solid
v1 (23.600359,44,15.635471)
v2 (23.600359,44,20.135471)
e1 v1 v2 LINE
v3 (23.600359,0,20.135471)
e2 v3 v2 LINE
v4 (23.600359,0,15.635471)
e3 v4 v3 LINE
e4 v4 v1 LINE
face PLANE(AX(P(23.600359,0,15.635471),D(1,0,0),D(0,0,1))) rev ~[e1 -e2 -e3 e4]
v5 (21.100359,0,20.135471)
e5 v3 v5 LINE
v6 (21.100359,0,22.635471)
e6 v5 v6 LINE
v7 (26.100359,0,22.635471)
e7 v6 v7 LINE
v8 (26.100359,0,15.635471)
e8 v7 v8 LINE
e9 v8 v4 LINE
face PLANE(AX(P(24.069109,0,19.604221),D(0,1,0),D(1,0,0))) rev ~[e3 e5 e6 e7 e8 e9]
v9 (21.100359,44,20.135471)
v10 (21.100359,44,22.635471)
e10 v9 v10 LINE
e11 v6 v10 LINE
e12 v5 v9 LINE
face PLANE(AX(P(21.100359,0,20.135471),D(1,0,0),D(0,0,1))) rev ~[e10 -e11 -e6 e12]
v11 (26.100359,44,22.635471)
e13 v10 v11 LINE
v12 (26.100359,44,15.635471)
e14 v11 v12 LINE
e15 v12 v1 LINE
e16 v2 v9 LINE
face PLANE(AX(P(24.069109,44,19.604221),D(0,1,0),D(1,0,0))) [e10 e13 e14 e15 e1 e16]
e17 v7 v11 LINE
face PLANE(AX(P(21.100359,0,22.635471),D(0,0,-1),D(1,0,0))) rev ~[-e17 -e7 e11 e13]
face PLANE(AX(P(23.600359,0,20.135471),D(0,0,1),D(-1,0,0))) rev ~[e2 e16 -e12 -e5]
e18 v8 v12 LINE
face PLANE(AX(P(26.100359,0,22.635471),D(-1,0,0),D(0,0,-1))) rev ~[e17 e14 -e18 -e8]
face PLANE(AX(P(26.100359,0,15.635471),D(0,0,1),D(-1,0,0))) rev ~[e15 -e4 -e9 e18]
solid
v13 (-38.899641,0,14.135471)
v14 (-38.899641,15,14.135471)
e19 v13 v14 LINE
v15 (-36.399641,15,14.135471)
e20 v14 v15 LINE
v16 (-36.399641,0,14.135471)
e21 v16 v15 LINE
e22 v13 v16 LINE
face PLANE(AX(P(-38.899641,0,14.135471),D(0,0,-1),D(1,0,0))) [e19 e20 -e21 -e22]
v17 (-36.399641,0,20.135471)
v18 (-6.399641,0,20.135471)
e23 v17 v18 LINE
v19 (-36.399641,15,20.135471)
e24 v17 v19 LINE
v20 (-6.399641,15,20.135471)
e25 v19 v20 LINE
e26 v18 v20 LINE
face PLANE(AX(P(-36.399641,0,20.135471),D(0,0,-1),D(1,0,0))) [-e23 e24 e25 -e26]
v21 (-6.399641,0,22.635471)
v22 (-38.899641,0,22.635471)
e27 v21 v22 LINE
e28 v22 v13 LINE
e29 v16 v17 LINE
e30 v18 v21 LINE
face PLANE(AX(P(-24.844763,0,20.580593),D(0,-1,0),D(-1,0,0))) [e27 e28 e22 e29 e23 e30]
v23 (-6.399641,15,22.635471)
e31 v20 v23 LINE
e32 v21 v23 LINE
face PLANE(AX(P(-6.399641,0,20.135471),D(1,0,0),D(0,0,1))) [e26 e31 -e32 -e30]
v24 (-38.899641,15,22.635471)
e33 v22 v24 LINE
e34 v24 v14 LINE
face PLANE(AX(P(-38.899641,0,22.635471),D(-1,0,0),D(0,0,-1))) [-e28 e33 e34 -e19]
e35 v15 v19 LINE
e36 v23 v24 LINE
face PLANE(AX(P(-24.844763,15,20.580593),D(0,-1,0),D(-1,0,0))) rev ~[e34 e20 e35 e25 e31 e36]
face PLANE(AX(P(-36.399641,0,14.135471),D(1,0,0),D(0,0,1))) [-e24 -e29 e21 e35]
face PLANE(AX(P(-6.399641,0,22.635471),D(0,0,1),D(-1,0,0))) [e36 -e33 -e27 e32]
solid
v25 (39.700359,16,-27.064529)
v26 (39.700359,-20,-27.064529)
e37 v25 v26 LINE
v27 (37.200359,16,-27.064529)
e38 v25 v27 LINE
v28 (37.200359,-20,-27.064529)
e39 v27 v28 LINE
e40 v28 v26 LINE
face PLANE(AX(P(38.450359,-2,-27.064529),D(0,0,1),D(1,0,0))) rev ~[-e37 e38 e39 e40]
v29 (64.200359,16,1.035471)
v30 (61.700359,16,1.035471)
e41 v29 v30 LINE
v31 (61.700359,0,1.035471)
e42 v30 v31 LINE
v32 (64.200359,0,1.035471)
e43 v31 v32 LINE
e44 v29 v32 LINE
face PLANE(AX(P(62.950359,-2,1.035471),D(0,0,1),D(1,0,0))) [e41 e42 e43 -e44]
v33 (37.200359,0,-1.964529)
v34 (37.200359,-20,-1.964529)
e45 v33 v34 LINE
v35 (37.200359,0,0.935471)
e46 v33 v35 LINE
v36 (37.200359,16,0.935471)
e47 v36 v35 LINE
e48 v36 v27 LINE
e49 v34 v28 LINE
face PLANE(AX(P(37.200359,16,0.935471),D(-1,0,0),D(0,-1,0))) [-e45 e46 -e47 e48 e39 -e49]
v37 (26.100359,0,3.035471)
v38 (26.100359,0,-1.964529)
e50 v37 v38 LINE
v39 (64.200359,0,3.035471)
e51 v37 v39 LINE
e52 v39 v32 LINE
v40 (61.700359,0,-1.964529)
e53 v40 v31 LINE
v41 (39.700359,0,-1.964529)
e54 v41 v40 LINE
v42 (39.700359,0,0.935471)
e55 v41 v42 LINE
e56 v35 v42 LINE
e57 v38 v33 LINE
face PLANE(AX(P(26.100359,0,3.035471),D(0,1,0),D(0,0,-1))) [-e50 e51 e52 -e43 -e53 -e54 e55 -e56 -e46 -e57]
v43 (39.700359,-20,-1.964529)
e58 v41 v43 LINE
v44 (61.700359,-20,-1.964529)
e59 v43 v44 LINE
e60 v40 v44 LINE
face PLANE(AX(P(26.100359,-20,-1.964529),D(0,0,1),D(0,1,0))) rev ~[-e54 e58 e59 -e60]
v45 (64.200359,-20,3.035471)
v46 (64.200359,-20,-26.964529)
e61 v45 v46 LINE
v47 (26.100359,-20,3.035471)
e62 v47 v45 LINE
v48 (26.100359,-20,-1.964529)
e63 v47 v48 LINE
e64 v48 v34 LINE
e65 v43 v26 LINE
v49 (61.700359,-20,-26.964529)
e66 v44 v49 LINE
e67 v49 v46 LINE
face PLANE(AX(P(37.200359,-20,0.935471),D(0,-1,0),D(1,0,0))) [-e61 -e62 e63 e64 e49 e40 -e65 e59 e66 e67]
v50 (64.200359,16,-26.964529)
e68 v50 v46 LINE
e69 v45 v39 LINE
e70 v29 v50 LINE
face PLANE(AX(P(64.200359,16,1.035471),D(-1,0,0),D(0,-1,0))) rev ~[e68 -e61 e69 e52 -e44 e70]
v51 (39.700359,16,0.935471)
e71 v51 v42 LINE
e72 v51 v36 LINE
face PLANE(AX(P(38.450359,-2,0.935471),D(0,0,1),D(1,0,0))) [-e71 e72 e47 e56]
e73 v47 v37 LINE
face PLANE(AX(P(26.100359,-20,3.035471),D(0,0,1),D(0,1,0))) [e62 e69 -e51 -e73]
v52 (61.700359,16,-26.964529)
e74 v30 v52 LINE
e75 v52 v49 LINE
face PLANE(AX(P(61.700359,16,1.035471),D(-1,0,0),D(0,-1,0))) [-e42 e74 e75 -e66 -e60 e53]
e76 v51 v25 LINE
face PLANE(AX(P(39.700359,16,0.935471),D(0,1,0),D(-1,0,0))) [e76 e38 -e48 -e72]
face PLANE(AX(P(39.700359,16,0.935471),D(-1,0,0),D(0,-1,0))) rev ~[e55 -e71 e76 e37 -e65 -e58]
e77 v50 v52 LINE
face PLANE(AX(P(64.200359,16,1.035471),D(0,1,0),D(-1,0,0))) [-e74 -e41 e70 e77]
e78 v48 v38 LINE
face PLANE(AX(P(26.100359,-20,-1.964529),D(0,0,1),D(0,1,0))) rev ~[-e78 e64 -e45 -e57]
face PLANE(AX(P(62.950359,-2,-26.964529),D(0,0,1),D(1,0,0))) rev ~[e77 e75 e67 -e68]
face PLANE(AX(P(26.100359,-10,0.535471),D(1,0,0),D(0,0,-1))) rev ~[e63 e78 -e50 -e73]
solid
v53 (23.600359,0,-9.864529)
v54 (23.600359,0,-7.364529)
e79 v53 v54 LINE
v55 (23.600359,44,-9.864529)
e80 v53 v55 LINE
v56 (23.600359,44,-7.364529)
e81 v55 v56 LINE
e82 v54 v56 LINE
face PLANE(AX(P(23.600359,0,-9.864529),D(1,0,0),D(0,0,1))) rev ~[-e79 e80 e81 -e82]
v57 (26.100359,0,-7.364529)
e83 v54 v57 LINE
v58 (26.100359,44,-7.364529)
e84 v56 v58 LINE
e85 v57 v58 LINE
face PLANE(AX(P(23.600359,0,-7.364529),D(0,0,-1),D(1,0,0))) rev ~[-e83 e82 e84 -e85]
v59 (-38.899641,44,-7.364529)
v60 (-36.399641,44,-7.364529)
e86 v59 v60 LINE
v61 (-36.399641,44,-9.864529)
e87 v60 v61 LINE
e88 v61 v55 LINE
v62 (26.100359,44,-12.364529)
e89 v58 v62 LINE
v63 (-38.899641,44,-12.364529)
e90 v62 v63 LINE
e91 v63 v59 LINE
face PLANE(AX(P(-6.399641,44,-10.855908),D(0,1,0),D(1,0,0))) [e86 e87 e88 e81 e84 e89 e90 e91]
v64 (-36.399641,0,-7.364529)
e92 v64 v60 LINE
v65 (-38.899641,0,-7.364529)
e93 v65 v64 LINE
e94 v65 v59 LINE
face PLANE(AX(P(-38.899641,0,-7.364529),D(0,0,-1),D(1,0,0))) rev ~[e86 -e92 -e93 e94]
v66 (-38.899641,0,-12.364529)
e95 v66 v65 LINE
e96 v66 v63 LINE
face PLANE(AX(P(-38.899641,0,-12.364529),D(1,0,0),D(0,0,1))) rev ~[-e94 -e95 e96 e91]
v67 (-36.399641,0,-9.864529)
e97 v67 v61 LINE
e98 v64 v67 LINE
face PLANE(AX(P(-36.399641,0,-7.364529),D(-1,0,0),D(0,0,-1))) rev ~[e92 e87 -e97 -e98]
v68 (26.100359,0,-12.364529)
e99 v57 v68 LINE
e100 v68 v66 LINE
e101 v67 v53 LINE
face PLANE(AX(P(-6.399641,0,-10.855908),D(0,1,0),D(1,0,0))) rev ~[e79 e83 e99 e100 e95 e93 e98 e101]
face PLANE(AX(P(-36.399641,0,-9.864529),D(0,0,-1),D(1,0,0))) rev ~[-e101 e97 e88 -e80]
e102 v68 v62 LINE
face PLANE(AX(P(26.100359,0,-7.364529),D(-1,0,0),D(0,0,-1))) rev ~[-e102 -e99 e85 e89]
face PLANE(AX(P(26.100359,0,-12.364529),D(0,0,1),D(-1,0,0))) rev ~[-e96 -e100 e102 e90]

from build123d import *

# Parameters (mm, degrees)
BOSS_EXTRUDE2_DEPTH      = 44
BOSS_EXTRUDE2_2_DEPTH    = 44
BOSS_EXTRUDE3_DEPTH      = 15
SKETCH17_W               = 5
SKETCH17_H               = 20
BOSS_EXTRUDE4_DEPTH      = 38.1
BOSS_EXTRUDE5_DEPTH      = 25
BOSS_EXTRUDE5_DEPTH_BACK = 3
BOSS_EXTRUDE6_DEPTH      = 25.1
BOSS_EXTRUDE6_DEPTH_BACK = 2.9


with BuildPart() as part:
    # Sketch11 → Boss-Extrude2 (new body)
    with BuildSketch(Plane(origin=(0, 0, 0), x_dir=(1, 0, 0), z_dir=(0, 1, 0))):
        Polygon((-38.899641352, 12.364528858), (-38.899641352, 7.364528858), (-36.399641352, 7.364528858), (-36.399641352, 9.864528858), (23.600358648, 9.864528858), (23.600358648, 7.364528858), (26.100358648, 7.364528858), (26.100358648, 12.364528858), align=None)
    extrude(amount=BOSS_EXTRUDE2_DEPTH)


with BuildPart() as body_2:
    # Sketch11 → Boss-Extrude2 2 (new body)
    with BuildSketch(Plane(origin=(0, 0, 0), x_dir=(1, 0, 0), z_dir=(0, 1, 0))):
        Polygon((26.100358648, -22.635471142), (26.100358648, -15.635471142), (23.600358648, -15.635471142), (23.600358648, -20.135471142), (21.100358648, -20.135471142), (21.100358648, -22.635471142), align=None)
    extrude(amount=BOSS_EXTRUDE2_2_DEPTH)


with BuildPart() as body_3:
    # Sketch13 → Boss-Extrude3 (new body)
    with BuildSketch(Plane(origin=(0, 0, 0), x_dir=(1, 0, 0), z_dir=(0, 1, 0))):
        Polygon((-38.899641352, -14.135471142), (-36.399641352, -14.135471142), (-36.399641352, -20.135471142), (-6.399641352, -20.135471142), (-6.399641352, -22.635471142), (-38.899641352, -22.635471142), align=None)
    extrude(amount=BOSS_EXTRUDE3_DEPTH)


with BuildPart() as body_4:
    # Sketch17 → Boss-Extrude4 (new body)
    with BuildSketch(Plane(origin=(26.100358648, 0, 0), x_dir=(0, 0, -1), z_dir=(1, 0, 0))):
        with Locations((-0.535471142, -10)):
            Rectangle(SKETCH17_W, SKETCH17_H)
    extrude(amount=BOSS_EXTRUDE4_DEPTH)

    # Sketch19 → Boss-Extrude5 (add, two sides: drawn at the far end of the back side and taken through both)
    with BuildSketch(Plane(origin=(0, 0, -1.964528858), x_dir=(-1, 0, 0), z_dir=(0, 0, -1)).offset(-BOSS_EXTRUDE5_DEPTH_BACK)):
        Polygon((-64.200358648, 0), (-64.200358648, 16), (-61.700358648, 16), (-61.700358648, -20), (-64.200358648, -20), align=None)
    extrude(amount=BOSS_EXTRUDE5_DEPTH + BOSS_EXTRUDE5_DEPTH_BACK)

    # Sketch24 → Boss-Extrude6 (add, two sides: drawn at the far end of the back side and taken through both)
    with BuildSketch(Plane(origin=(0, 0, -1.964528858), x_dir=(-1, 0, 0), z_dir=(0, 0, -1)).offset(-BOSS_EXTRUDE6_DEPTH_BACK)):
        Polygon((-39.700358648, 0), (-39.700358648, 16), (-37.200358648, 16), (-37.200358648, -20), (-39.700358648, -20), align=None)
    extrude(amount=BOSS_EXTRUDE6_DEPTH + BOSS_EXTRUDE6_DEPTH_BACK)


solid = Compound([part.part, body_2.part, body_3.part, body_4.part])
